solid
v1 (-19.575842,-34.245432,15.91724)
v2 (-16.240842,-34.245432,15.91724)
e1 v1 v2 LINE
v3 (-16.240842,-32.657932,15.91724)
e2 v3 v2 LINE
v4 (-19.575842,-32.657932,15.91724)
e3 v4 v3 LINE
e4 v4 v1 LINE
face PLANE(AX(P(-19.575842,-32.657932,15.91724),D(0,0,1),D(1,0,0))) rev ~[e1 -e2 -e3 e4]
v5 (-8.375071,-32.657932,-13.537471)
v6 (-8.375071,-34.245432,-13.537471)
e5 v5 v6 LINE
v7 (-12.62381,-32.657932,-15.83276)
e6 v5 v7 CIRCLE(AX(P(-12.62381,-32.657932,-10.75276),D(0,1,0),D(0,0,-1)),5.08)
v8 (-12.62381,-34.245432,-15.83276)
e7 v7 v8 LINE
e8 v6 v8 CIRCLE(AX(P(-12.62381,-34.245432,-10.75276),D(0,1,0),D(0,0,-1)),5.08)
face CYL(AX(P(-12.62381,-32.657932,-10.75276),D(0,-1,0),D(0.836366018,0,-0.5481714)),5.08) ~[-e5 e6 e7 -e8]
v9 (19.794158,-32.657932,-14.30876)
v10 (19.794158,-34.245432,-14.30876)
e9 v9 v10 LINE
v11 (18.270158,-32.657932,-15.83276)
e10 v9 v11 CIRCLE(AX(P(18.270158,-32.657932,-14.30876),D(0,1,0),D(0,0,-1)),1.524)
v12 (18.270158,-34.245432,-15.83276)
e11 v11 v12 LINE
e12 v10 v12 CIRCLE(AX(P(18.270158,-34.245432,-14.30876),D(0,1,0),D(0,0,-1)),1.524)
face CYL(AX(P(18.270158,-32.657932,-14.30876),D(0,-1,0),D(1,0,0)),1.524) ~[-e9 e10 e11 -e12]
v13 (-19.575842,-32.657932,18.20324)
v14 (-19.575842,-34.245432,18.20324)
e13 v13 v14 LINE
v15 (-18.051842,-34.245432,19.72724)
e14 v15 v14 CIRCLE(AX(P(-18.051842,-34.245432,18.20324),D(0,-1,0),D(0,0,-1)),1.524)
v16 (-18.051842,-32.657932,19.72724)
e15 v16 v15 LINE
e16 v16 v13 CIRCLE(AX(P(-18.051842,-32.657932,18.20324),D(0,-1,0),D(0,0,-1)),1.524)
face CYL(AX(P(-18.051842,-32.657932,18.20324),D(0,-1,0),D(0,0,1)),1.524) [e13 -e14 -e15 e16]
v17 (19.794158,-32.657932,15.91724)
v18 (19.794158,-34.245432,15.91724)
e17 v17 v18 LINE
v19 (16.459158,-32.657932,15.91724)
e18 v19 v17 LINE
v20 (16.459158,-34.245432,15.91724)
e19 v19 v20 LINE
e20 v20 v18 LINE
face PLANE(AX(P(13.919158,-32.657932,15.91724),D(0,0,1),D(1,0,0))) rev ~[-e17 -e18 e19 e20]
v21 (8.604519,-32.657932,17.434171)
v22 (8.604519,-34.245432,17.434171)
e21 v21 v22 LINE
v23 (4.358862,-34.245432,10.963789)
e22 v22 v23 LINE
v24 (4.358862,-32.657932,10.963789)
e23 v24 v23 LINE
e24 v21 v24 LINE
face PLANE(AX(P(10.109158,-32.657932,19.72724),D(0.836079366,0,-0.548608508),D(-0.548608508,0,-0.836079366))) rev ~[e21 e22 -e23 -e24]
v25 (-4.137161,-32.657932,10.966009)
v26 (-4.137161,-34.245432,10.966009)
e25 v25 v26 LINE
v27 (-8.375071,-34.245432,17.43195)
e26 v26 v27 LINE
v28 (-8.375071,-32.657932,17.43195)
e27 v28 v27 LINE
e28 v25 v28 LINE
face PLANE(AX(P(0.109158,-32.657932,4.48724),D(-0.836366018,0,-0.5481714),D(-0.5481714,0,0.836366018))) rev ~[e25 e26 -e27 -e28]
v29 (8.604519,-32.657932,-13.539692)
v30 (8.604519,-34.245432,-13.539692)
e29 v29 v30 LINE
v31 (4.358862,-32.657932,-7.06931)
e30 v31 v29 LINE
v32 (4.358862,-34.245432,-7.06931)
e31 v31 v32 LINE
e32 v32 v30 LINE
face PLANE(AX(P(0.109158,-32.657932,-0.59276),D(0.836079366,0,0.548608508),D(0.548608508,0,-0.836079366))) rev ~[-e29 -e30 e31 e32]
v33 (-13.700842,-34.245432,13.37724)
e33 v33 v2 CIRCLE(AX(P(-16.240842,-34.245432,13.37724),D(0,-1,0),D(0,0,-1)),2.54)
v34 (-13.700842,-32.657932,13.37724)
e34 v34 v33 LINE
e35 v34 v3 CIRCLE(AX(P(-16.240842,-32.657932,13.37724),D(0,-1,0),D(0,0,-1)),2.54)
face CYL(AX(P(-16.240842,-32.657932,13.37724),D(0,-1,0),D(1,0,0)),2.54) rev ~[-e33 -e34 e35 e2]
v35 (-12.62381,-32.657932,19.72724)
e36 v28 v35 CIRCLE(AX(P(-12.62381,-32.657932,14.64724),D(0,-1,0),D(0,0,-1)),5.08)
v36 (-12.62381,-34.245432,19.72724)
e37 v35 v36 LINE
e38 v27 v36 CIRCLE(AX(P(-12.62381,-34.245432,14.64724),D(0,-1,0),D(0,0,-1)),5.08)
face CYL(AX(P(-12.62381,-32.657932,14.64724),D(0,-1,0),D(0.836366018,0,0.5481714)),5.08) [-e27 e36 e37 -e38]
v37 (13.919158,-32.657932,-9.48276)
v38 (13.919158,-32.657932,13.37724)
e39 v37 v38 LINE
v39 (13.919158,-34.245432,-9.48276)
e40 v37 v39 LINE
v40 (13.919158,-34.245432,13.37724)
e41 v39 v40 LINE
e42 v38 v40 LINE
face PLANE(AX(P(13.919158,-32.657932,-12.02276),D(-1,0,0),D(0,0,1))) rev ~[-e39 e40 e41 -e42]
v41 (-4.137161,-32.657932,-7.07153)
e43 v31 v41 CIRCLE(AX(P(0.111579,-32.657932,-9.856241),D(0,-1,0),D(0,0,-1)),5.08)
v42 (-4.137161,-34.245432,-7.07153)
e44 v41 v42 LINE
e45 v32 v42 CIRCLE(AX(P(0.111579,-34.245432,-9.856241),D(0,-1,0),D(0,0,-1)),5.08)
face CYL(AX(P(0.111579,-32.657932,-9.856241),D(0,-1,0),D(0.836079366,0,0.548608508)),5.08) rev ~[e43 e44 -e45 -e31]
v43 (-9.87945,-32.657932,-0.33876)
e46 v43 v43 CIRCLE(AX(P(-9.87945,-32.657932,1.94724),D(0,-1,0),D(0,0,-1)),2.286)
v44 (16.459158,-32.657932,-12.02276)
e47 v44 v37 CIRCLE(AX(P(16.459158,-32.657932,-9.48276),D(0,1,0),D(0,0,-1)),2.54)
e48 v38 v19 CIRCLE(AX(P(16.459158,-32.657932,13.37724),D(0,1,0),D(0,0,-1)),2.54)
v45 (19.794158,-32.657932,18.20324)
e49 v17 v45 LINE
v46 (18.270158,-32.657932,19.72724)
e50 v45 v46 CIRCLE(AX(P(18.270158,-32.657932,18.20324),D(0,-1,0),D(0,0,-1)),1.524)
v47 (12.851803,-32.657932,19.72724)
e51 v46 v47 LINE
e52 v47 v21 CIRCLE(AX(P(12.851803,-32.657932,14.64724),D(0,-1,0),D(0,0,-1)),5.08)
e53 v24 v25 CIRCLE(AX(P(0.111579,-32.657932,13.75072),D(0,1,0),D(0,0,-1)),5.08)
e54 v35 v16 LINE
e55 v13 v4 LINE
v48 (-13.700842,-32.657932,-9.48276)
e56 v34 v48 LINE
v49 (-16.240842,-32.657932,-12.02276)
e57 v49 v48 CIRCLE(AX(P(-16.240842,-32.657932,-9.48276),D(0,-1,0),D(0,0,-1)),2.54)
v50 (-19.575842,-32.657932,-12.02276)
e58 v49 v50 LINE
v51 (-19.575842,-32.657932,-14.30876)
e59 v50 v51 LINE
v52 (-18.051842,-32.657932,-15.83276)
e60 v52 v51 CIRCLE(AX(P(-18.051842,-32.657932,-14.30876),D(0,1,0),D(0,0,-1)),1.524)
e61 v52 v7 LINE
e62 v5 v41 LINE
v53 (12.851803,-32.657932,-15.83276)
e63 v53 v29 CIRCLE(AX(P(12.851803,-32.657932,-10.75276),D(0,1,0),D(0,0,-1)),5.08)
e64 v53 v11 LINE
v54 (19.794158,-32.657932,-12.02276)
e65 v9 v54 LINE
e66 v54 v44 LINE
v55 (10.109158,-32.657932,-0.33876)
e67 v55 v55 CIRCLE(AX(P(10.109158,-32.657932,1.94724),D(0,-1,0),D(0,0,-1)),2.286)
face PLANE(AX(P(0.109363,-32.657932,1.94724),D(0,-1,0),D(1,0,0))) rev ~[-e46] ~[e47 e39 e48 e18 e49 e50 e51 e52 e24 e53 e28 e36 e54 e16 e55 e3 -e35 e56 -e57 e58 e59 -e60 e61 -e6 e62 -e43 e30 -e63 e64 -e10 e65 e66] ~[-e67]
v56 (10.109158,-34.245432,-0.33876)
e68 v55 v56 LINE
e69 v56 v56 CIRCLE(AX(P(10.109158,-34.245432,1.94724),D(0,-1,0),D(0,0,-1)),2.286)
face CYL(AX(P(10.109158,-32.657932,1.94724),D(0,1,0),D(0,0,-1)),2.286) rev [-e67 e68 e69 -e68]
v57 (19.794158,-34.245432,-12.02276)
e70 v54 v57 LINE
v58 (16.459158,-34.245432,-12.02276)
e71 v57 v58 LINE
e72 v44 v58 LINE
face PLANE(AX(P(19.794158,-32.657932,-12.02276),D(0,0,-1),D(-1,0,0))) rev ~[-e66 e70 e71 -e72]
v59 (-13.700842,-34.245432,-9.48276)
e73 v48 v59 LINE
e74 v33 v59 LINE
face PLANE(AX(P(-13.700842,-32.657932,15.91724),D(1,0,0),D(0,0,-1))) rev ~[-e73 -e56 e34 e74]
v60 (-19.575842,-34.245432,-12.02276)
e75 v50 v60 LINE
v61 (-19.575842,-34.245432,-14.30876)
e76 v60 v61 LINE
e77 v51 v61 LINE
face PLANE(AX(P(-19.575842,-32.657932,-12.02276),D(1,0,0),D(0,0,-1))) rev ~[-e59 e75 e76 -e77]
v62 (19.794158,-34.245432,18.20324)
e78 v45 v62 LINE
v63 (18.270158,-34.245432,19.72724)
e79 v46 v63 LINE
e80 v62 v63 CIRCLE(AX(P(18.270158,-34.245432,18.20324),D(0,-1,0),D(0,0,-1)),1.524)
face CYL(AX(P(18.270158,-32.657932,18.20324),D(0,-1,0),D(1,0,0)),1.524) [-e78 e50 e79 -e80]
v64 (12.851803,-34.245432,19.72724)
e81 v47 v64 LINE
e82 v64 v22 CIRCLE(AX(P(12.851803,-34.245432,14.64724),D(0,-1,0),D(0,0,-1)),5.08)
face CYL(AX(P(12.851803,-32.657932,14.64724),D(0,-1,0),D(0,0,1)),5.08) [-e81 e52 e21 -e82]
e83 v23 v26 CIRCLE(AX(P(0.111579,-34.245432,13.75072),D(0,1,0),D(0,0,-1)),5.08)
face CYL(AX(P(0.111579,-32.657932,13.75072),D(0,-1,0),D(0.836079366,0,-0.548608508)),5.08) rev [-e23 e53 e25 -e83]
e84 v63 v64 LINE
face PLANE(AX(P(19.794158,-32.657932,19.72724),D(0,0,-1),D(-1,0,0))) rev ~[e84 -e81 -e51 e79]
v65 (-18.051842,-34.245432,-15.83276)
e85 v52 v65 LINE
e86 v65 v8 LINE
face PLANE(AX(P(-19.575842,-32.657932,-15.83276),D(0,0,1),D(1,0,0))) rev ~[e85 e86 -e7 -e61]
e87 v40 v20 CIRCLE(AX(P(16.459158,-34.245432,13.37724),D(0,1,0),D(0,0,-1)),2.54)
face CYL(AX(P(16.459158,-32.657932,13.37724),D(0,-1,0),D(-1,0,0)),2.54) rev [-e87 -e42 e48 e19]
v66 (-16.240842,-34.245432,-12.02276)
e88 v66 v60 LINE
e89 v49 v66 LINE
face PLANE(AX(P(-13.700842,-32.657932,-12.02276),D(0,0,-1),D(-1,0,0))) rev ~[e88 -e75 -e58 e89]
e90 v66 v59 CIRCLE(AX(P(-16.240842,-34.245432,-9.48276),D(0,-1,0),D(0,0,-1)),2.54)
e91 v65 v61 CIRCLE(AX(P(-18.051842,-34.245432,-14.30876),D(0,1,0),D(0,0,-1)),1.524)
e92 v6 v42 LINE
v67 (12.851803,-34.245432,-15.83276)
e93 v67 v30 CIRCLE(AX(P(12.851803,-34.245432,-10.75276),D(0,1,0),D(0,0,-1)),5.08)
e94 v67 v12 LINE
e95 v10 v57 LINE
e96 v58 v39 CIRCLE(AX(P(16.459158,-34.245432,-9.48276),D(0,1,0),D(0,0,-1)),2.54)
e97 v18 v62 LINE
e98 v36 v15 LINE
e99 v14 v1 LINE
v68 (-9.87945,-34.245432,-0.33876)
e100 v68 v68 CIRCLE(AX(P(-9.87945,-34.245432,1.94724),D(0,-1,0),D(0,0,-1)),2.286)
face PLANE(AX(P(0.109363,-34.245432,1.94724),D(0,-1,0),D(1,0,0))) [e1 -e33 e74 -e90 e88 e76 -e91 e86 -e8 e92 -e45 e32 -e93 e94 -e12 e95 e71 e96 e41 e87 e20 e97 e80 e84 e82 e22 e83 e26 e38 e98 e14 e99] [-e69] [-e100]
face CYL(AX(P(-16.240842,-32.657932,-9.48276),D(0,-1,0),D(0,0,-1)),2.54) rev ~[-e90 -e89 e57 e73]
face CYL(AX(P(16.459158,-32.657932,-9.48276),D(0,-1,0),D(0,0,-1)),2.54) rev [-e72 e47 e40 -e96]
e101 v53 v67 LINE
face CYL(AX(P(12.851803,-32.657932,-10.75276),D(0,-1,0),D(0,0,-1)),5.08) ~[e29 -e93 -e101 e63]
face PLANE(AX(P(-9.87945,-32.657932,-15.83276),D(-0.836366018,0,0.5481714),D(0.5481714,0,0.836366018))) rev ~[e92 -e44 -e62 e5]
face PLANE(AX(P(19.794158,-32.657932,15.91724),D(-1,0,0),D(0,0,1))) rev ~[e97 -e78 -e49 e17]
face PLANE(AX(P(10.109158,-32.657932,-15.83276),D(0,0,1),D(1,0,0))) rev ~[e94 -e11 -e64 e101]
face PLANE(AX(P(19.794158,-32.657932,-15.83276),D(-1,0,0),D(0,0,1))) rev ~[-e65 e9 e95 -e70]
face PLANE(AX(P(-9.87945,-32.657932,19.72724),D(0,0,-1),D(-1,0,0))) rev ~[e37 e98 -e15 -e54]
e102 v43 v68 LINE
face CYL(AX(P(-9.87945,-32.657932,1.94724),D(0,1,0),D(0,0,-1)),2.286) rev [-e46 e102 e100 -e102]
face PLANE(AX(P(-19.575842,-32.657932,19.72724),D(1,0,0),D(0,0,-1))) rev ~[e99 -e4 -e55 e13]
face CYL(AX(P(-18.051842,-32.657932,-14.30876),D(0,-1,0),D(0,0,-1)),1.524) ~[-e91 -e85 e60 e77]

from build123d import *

# Parameters (mm, degrees)
SKETCH2_R           = 2.286
BOSS_EXTRUDE1_DEPTH = 1.5875
FILLET1_R           = 5.08
FILLET2_R           = 2.54
FILLET3_R           = 1.524


with BuildPart() as part:
    # Sketch2 → Boss-Extrude1 (new body)
    with BuildSketch(Plane.XZ.offset(32.657932219)):
        Polygon((10.109157694, -15.832760328), (13.919157694, -15.832760328), (19.794157694, -15.832760328), (19.794157694, -12.022760328), (13.919157694, -12.022760328), (13.919157694, 15.917239672), (19.794157694, 15.917239672), (19.794157694, 19.727239672), (13.919157694, 19.727239672), (10.109157694, 19.727239672), (0.109157694, 4.487239672), (-9.879450107, 19.727239672), (-13.700842306, 19.727239672), (-19.575842306, 19.727239672), (-19.575842306, 15.917239672), (-13.700842306, 15.917239672), (-13.700842306, -12.022760328), (-19.575842306, -12.022760328), (-19.575842306, -15.832760328), (-13.700842306, -15.832760328), (-9.879450107, -15.832760328), (0.109157694, -0.592760328), align=None)
        with Locations(Location((-9.879450107, 1.947239672, 0), (0, 0, 270))):
            Circle(SKETCH2_R, mode=Mode.SUBTRACT)
        with Locations(Location((10.109157694, 1.947239672, 0), (0, 0, 270))):
            Circle(SKETCH2_R, mode=Mode.SUBTRACT)
    extrude(amount=BOSS_EXTRUDE1_DEPTH)

    # Fillet1
    fillet1_edges = [part.edges().sort_by_distance(p)[0] for p in [
        (10.109157694, -33.451682219, 19.727239672),
        (10.109157694, -33.451682219, -15.832760328),
        (0.109157694, -33.451682219, -0.592760328),
        (-9.879450107, -33.451682219, -15.832760328),
        (-9.879450107, -33.451682219, 19.727239672),
        (0.109157694, -33.451682219, 4.487239672),
    ]]
    fillet(fillet1_edges, radius=FILLET1_R)

    # Fillet2
    fillet2_edges = [part.edges().sort_by_distance(p)[0] for p in [
        (13.919157694, -33.451682219, 15.917239672),
        (13.919157694, -33.451682219, -12.022760328),
        (-13.700842306, -33.451682219, -12.022760328),
        (-13.700842306, -33.451682219, 15.917239672),
    ]]
    fillet(fillet2_edges, radius=FILLET2_R)

    # Fillet3
    fillet3_edges = [part.edges().sort_by_distance(p)[0] for p in [
        (19.794157694, -33.451682219, 19.727239672),
        (19.794157694, -33.451682219, -15.832760328),
        (-19.575842306, -33.451682219, -15.832760328),
        (-19.575842306, -33.451682219, 19.727239672),
    ]]
    fillet(fillet3_edges, radius=FILLET3_R)


solid = part.part
